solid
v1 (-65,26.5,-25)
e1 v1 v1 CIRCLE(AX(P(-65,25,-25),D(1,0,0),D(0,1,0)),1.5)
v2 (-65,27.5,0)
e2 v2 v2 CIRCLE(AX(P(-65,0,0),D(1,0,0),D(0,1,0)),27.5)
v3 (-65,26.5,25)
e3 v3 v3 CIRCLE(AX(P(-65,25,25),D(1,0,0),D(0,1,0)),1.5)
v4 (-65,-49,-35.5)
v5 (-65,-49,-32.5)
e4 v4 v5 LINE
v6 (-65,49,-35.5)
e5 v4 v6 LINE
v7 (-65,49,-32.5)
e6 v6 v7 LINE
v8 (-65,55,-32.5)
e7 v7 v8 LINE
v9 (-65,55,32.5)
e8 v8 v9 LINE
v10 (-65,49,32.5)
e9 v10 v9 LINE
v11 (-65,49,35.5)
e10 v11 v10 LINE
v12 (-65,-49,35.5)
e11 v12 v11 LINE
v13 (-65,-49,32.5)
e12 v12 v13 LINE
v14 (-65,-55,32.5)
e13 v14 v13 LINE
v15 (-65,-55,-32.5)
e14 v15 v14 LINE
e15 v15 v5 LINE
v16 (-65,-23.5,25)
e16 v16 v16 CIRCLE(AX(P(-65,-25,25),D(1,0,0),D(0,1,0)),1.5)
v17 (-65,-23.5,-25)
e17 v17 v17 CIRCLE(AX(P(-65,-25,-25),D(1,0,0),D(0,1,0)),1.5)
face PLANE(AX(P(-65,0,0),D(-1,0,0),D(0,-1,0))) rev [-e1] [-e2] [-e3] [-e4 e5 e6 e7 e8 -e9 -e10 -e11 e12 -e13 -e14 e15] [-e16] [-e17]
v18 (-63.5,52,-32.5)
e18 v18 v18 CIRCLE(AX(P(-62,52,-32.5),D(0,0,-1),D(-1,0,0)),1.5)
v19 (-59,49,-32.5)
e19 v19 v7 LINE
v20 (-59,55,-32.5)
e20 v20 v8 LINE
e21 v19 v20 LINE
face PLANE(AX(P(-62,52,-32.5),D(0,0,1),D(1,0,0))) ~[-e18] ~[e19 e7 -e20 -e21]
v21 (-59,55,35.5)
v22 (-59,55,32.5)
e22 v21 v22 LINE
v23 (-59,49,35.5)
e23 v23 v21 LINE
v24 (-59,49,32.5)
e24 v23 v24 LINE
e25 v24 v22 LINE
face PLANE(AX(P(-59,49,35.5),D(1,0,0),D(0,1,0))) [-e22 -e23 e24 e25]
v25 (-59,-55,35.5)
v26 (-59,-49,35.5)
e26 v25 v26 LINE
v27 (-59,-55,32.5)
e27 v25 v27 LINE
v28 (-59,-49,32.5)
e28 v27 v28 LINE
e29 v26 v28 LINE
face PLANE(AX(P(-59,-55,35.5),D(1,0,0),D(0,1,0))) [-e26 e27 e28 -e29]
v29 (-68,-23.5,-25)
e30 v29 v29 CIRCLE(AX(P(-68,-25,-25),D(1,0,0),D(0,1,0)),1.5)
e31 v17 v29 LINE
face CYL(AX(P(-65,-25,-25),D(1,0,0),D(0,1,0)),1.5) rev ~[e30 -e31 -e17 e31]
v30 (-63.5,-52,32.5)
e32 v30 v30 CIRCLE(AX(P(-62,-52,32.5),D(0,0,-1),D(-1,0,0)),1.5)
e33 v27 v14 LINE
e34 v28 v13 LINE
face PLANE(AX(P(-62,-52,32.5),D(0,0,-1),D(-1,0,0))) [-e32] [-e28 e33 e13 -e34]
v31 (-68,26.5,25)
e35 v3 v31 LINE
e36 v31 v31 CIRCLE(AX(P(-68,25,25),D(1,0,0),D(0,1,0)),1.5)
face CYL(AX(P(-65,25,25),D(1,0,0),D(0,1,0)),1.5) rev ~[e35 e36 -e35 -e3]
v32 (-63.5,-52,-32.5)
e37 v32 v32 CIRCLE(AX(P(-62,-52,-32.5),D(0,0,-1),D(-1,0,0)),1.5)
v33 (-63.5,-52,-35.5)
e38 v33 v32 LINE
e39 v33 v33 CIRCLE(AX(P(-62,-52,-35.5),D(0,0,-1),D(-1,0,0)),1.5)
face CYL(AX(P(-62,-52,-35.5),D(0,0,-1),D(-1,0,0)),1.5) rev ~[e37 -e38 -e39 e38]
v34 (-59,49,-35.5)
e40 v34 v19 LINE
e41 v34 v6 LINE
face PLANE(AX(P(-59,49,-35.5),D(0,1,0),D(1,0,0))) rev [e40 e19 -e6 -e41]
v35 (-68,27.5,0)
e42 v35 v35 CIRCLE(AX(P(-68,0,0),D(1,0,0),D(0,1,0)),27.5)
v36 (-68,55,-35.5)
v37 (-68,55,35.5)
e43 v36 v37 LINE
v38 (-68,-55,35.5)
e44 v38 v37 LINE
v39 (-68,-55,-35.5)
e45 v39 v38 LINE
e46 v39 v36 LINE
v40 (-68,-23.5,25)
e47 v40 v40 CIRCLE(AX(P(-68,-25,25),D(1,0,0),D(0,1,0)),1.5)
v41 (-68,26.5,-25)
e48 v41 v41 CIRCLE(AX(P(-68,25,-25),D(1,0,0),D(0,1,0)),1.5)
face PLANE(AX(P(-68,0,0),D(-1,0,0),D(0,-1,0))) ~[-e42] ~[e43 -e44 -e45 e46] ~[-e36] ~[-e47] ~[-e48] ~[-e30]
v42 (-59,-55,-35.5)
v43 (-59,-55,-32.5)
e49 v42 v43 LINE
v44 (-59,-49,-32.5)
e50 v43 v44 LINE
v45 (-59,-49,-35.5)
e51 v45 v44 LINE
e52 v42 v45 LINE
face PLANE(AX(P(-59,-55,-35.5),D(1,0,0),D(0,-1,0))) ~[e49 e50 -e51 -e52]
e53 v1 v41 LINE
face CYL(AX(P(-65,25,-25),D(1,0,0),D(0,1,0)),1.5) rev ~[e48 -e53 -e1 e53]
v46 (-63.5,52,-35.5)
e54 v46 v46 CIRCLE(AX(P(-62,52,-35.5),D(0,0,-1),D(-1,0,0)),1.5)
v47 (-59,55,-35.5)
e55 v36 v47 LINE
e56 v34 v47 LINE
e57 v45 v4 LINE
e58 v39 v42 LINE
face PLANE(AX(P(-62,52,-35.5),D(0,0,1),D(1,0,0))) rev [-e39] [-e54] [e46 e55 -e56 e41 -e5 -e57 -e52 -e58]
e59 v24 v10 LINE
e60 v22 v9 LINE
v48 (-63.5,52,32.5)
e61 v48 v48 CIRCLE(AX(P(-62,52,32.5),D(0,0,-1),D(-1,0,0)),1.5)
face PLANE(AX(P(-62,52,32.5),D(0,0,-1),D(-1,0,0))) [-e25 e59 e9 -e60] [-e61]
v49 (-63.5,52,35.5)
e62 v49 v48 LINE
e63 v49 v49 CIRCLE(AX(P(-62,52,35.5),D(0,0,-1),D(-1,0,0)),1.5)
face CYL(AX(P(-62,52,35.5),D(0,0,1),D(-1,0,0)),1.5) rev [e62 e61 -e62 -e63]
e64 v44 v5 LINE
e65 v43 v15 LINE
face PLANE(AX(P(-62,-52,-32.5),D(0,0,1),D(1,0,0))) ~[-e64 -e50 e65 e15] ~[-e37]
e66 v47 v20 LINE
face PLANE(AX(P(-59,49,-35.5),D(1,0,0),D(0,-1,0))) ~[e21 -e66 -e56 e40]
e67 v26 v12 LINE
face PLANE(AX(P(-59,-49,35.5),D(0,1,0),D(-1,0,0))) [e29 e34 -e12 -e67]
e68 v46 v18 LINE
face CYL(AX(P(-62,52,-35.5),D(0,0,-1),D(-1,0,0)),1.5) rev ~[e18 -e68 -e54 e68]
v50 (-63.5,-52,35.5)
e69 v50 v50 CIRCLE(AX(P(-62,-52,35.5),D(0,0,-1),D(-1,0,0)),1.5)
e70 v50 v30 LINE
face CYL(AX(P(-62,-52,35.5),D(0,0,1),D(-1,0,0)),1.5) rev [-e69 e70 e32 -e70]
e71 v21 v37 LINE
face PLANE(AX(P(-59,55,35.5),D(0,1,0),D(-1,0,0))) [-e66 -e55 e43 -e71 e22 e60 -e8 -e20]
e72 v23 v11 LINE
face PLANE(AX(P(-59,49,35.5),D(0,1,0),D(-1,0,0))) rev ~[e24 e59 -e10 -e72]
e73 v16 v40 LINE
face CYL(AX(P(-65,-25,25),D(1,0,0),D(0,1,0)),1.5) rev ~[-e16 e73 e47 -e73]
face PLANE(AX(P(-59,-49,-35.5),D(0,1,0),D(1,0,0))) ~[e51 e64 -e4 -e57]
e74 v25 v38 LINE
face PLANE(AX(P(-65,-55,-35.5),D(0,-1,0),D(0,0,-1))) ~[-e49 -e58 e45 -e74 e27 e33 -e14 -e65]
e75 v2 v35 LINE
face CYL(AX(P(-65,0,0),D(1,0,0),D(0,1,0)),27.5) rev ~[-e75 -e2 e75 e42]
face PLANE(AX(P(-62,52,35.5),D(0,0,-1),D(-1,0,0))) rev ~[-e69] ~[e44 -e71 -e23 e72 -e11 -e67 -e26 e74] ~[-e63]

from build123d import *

# Parameters (mm, degrees)
SKETCH004_W   = 110
SKETCH004_H   = 71
SKETCH004_R   = 1.5
SKETCH004_R_2 = 27.5
PAD001_DEPTH  = 3
SKETCH005_W   = 6
SKETCH005_H   = 6
SKETCH005_R   = 1.5
PAD002_DEPTH  = 3


with BuildPart() as coverplane:
    # Sketch004 → Pad001 (new body)
    with BuildSketch(Plane.YZ):
        Rectangle(SKETCH004_W, SKETCH004_H)
        with Locations((25, 25)):
            Circle(SKETCH004_R, mode=Mode.SUBTRACT)
        with Locations((-25, 25)):
            Circle(SKETCH004_R, mode=Mode.SUBTRACT)
        with Locations((25, -25)):
            Circle(SKETCH004_R, mode=Mode.SUBTRACT)
        with Locations((-25, -25)):
            Circle(SKETCH004_R, mode=Mode.SUBTRACT)
        Circle(SKETCH004_R_2, mode=Mode.SUBTRACT)
    extrude(amount=PAD001_DEPTH)

    # Sketch005 → Pad002 (join)
    with BuildSketch(Plane.XY.offset(-35.5)):
        with Locations((-3, 52)):
            Rectangle(SKETCH005_W, SKETCH005_H)
        with Locations((-3, 52)):
            Circle(SKETCH005_R, mode=Mode.SUBTRACT)
        with Locations((-3, -52)):
            Rectangle(SKETCH005_W, SKETCH005_H)
        with Locations((-3, -52)):
            Circle(SKETCH005_R, mode=Mode.SUBTRACT)
    pad002 = extrude(amount=PAD002_DEPTH)

    # Mirrored: Pad002 across XY
    add(pad002.mirror(Plane.XY))


with BuildPart() as part_mirroring:
    # Part__Mirroring: instance of coverplane
    add(coverplane.part.mirror(Plane(origin=(-32.5, 0, 0), x_dir=(0, -1, 0), z_dir=(1, 0, 0))))


solid = part_mirroring.part
